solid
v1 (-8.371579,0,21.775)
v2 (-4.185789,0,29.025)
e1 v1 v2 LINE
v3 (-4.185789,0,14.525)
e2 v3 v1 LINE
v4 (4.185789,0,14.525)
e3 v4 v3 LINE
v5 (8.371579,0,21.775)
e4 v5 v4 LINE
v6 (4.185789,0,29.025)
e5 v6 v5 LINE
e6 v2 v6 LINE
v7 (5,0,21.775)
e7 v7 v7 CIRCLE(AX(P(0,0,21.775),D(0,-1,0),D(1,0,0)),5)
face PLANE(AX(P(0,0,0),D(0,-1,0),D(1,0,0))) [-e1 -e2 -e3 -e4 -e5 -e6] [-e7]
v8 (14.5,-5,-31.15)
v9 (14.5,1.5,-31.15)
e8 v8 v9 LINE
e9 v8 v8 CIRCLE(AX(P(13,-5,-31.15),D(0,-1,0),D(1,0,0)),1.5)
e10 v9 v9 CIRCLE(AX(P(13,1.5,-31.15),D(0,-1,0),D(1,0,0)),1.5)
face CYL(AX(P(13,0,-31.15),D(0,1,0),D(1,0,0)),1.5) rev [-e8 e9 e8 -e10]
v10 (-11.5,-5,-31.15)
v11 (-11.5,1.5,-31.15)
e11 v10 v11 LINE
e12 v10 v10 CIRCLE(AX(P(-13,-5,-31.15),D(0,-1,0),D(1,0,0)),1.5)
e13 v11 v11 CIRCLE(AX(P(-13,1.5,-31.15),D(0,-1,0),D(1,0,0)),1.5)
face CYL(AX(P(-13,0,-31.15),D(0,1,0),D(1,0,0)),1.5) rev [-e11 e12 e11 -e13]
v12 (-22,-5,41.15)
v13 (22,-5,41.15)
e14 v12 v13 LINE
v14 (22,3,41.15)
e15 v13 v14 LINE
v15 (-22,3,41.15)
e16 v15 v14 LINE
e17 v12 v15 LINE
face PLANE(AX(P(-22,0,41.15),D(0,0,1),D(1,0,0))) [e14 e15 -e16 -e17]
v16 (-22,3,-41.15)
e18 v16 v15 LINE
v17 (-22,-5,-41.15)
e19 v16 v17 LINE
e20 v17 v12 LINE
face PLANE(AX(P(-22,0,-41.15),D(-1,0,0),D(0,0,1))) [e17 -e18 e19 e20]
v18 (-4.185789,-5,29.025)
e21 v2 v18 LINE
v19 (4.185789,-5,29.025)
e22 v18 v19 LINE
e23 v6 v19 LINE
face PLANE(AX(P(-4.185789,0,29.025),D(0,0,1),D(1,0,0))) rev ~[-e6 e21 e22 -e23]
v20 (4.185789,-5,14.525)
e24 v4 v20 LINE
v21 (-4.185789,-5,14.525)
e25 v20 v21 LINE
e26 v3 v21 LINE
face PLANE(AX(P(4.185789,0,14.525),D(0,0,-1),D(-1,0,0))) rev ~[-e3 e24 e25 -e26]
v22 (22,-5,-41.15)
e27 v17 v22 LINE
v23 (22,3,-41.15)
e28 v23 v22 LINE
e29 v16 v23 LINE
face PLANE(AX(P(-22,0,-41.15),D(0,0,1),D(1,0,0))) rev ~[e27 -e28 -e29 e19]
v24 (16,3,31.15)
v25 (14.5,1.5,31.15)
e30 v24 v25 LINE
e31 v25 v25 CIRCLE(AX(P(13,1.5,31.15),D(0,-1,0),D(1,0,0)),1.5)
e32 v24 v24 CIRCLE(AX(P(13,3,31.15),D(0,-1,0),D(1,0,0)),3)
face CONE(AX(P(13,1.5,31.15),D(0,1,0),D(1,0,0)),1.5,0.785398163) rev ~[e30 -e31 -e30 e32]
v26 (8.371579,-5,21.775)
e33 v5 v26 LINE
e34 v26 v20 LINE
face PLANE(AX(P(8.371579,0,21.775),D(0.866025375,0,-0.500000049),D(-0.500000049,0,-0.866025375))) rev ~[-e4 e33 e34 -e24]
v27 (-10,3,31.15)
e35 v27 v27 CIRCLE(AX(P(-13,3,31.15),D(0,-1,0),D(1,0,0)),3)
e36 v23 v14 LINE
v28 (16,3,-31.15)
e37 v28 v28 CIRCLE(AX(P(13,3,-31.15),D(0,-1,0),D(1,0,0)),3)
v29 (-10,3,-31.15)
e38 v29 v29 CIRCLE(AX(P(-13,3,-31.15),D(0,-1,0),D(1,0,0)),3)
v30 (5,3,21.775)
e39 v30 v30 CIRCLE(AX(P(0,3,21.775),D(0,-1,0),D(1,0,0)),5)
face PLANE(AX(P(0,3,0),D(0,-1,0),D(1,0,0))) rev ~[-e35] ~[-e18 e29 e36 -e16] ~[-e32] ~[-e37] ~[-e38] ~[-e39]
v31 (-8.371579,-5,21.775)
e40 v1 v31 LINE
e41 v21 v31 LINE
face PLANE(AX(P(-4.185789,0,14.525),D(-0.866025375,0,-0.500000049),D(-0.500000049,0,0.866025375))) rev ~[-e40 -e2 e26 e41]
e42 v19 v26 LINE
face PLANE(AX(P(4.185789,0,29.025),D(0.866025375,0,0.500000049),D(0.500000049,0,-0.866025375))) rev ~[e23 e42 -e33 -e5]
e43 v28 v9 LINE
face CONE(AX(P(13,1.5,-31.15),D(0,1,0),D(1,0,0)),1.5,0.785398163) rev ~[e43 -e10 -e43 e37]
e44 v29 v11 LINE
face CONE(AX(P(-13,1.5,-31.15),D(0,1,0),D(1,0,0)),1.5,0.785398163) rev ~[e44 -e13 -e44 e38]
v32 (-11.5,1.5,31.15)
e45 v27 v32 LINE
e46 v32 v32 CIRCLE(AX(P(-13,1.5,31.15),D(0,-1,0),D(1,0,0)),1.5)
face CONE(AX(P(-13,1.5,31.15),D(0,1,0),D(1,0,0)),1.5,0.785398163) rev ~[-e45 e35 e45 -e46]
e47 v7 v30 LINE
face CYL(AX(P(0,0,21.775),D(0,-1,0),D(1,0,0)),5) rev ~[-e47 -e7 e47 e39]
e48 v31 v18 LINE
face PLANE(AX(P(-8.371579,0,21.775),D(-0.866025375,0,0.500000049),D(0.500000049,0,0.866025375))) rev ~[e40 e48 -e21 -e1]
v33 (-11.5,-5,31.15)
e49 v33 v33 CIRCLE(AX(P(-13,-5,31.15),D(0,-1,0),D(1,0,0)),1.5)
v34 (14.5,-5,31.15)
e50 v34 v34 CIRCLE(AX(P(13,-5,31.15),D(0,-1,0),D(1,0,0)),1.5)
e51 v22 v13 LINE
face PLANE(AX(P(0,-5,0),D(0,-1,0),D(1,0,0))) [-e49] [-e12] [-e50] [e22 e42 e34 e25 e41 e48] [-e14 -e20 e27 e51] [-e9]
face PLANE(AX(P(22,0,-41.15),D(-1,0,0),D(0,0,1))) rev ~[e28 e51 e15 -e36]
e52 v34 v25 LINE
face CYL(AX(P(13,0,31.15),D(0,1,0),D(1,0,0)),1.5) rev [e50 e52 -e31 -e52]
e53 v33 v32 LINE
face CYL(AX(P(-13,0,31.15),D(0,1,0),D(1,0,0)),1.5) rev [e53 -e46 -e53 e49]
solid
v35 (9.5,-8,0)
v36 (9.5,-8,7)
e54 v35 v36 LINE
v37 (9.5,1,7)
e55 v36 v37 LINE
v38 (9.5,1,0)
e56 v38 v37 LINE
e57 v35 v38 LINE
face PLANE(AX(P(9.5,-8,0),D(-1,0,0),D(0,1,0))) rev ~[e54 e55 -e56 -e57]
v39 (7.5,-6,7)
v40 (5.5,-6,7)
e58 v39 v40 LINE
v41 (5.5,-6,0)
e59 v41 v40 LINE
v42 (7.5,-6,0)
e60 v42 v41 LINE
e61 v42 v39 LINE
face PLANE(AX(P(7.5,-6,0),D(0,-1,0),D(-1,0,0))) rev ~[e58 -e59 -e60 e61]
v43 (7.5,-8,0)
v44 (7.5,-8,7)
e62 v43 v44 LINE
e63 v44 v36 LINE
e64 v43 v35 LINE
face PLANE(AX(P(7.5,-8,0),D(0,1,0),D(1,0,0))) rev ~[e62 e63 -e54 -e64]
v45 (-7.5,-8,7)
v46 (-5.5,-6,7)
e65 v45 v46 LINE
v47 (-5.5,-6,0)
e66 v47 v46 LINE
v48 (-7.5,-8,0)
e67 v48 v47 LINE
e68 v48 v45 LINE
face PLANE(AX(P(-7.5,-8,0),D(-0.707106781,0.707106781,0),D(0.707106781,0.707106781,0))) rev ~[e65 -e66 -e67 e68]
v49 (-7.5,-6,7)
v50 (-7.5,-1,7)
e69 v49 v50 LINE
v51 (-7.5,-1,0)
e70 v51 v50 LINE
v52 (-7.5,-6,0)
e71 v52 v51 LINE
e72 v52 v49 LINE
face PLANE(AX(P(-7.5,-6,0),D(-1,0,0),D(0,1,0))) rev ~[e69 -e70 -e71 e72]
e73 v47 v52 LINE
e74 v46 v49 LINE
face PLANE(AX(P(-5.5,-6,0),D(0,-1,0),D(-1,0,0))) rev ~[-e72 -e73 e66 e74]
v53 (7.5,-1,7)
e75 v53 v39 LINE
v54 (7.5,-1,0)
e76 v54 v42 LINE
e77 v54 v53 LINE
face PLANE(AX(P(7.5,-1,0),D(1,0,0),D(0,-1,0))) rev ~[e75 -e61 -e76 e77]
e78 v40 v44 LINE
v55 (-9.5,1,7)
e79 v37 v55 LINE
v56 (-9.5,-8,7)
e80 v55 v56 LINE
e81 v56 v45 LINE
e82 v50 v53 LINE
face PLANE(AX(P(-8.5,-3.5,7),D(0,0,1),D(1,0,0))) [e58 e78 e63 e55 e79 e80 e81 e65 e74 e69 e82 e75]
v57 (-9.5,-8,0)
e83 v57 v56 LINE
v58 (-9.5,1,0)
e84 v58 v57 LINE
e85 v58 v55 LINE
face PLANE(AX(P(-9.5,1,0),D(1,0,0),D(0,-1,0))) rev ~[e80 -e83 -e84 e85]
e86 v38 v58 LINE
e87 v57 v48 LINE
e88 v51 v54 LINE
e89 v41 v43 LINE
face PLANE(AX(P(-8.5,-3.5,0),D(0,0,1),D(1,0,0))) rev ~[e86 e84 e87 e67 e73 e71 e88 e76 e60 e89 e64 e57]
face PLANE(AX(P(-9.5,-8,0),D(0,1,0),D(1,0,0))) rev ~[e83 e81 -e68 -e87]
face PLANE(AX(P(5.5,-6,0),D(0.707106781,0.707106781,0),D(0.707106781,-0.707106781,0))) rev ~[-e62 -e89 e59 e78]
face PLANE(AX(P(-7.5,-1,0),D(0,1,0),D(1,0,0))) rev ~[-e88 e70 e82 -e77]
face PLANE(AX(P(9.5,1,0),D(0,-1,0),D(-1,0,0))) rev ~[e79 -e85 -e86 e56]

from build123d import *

# Parameters (mm, degrees)
F0_W     = 44
F0_H     = 82.3
F0_R     = 1.5
F0_R_2   = 5
F1_DEPTH = 3
F2_DEPTH = 5
F3_SIZE  = 1.5
F4_W     = 15
F4_H     = 2
F5_DEPTH = 7


with BuildPart() as f1:
    # F0 (on Front) → F1 (new body)
    with BuildSketch(Plane.XZ):
        Rectangle(F0_W, F0_H)
        with Locations((-13, -31.15)):
            Circle(F0_R, mode=Mode.SUBTRACT)
        with Locations((13, -31.15)):
            Circle(F0_R, mode=Mode.SUBTRACT)
        with Locations((-13, 31.15)):
            Circle(F0_R, mode=Mode.SUBTRACT)
        Polygon((-4.185789, 14.525), (-8.371579, 21.775), (-4.185789, 29.025), (4.185789, 29.025), (8.371579, 21.775), (4.185789, 14.525), align=None, mode=Mode.SUBTRACT)
        with Locations((13, 31.15)):
            Circle(F0_R, mode=Mode.SUBTRACT)
        Polygon((-4.185789, 29.025), (-8.371579, 21.775), (-4.185789, 14.525), (4.185789, 14.525), (8.371579, 21.775), (4.185789, 29.025), align=None)
        with Locations((0, 21.775)):
            Circle(F0_R_2, mode=Mode.SUBTRACT)
    extrude(amount=-F1_DEPTH)

    # F0 (on Front) → F2 (join)
    with BuildSketch(Plane.XZ):
        Rectangle(F0_W, F0_H)
        with Locations((-13, -31.15)):
            Circle(F0_R, mode=Mode.SUBTRACT)
        with Locations((13, -31.15)):
            Circle(F0_R, mode=Mode.SUBTRACT)
        with Locations((-13, 31.15)):
            Circle(F0_R, mode=Mode.SUBTRACT)
        Polygon((-4.185789, 14.525), (-8.371579, 21.775), (-4.185789, 29.025), (4.185789, 29.025), (8.371579, 21.775), (4.185789, 14.525), align=None, mode=Mode.SUBTRACT)
        with Locations((13, 31.15)):
            Circle(F0_R, mode=Mode.SUBTRACT)
    extrude(amount=F2_DEPTH)

    # F3
    f3_edges = [f1.edges().sort_by_distance(p)[0] for p in [
        (11.5, 3, 31.15),
        (-14.5, 3, 31.15),
        (-14.5, 3, -31.15),
        (11.5, 3, -31.15),
    ]]
    chamfer(f3_edges, length=F3_SIZE)


with BuildPart() as f5:
    # F4 (on Top) → F5 (new body)
    with BuildSketch(Plane.XY):
        Polygon((-7.5, -1), (-7.5, 1), (-9.5, 1), (-9.5, -8), (-7.5, -8), (-7.5, -6), align=None)
        Polygon((-5.5, -6), (-7.5, -6), (-7.5, -8), align=None)
        Rectangle(F4_W, F4_H)
        Polygon((9.5, 1), (7.5, 1), (7.5, -1), (7.5, -6), (7.5, -8), (9.5, -8), align=None)
        Polygon((7.5, -8), (7.5, -6), (5.5, -6), align=None)
    extrude(amount=F5_DEPTH)


solid = Compound([f1.part, f5.part])
